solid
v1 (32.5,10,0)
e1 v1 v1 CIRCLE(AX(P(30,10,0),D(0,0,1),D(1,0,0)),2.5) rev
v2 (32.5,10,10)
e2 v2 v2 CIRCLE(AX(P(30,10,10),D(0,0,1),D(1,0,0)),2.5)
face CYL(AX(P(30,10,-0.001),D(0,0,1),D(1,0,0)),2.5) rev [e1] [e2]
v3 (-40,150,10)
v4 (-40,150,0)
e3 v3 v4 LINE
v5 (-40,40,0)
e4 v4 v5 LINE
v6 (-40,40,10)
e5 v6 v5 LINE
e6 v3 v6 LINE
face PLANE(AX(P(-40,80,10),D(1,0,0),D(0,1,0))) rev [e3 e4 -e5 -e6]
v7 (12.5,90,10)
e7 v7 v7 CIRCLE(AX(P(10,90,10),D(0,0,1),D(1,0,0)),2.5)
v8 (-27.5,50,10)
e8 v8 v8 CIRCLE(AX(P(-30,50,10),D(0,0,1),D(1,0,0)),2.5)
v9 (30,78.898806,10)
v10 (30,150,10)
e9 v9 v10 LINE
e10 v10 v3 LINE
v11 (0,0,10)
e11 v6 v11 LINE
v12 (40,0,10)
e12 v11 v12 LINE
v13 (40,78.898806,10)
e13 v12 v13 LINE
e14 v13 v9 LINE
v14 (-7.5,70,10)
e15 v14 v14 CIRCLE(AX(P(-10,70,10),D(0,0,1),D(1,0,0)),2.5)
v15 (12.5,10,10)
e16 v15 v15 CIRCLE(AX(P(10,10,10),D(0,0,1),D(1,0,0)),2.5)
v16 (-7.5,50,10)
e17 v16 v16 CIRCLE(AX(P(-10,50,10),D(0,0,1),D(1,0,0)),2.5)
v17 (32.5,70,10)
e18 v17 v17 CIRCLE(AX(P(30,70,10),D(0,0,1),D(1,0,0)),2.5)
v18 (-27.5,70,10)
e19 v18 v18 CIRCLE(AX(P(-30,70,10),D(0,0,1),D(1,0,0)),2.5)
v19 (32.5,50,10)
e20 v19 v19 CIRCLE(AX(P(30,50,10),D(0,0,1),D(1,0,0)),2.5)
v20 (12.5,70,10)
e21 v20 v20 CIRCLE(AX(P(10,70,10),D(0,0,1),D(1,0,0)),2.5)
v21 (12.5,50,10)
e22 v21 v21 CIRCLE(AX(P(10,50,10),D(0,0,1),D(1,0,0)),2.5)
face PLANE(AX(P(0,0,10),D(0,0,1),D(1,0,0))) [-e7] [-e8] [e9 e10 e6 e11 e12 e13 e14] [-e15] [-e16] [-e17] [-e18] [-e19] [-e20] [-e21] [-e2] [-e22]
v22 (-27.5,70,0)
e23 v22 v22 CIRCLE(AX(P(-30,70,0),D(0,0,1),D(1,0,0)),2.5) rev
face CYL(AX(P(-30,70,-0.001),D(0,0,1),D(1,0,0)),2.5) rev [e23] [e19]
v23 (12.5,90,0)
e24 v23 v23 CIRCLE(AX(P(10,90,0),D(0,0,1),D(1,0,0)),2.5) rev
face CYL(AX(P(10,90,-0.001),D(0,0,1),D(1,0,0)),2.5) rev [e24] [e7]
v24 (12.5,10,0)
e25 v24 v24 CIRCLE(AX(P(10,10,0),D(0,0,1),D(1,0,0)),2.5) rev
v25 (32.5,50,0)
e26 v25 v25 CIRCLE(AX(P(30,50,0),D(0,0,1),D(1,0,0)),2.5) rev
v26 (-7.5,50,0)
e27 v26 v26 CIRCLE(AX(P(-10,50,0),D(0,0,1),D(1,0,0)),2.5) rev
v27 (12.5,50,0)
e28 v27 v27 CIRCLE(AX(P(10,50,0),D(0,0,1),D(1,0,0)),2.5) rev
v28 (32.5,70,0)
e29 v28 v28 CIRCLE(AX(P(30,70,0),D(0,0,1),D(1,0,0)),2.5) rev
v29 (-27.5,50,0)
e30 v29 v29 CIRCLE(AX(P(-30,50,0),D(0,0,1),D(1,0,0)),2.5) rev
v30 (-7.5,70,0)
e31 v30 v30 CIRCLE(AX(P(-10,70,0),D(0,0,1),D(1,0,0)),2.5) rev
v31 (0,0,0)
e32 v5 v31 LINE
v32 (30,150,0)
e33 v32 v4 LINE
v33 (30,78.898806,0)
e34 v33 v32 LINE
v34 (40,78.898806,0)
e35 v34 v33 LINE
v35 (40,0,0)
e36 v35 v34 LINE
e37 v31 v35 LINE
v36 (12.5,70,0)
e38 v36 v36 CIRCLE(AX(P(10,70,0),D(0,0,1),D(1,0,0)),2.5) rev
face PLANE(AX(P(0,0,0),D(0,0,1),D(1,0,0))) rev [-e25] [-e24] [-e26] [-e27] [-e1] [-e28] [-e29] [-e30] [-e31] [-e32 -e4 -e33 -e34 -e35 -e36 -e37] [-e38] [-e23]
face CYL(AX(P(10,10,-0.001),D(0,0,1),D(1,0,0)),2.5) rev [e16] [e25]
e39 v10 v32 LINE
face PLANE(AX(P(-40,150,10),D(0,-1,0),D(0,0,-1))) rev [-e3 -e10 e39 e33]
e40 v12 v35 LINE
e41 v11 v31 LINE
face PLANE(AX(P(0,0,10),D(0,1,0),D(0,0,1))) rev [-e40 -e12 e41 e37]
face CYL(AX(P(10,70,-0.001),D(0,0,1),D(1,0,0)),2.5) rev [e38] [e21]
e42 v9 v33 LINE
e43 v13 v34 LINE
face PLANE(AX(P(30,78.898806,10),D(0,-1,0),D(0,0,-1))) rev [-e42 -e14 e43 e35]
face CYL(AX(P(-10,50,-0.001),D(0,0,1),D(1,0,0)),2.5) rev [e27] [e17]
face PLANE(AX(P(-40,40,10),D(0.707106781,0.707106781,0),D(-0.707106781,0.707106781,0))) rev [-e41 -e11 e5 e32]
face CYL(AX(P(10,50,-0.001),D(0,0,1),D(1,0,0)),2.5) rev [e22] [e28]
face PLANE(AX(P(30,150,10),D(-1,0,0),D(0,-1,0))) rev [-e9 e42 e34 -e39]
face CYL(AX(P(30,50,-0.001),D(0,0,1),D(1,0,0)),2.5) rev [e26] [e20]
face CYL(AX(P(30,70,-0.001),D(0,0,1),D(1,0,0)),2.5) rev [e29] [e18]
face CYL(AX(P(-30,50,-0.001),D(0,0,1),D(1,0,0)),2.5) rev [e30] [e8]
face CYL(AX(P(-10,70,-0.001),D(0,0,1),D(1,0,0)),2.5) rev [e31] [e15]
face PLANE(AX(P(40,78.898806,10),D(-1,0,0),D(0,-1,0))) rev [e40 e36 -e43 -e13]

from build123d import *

# Parameters (mm, degrees)
BOSS_EXTRUDE1_DEPTH = 10
CUT_EXTRUDE1_REACH  = 157.563
SKETCH2_R           = 2.5


with BuildPart() as part:
    # Sketch1 → Boss-Extrude1 (new body)
    with BuildSketch(Plane.XY):
        Polygon((0, 0), (40, 0), (40, 78.89880614), (30, 78.89880614), (30, 150), (-40, 150), (-40, 80), (-40, 40), align=None)
    extrude(amount=BOSS_EXTRUDE1_DEPTH)

    # Sketch2 → Cut-Extrude1 (cut, up to next)
    with BuildSketch(Plane.XY.offset(10), mode=Mode.PRIVATE) as cut_extrude1_sk1:
        with Locations((-30, 70)):
            Circle(SKETCH2_R)
    cut_extrude1_tool1 = extrude(cut_extrude1_sk1.sketch, amount=-CUT_EXTRUDE1_REACH, mode=Mode.PRIVATE) & part.part
    # Sketch2 → Cut-Extrude1 (cut, up to next)
    with BuildSketch(Plane.XY.offset(10), mode=Mode.PRIVATE) as cut_extrude1_sk2:
        with Locations((-10, 70)):
            Circle(SKETCH2_R)
    cut_extrude1_tool2 = extrude(cut_extrude1_sk2.sketch, amount=-CUT_EXTRUDE1_REACH, mode=Mode.PRIVATE) & part.part
    # Sketch2 → Cut-Extrude1 (cut, up to next)
    with BuildSketch(Plane.XY.offset(10), mode=Mode.PRIVATE) as cut_extrude1_sk3:
        with Locations((-30, 50)):
            Circle(SKETCH2_R)
    cut_extrude1_tool3 = extrude(cut_extrude1_sk3.sketch, amount=-CUT_EXTRUDE1_REACH, mode=Mode.PRIVATE) & part.part
    # Sketch2 → Cut-Extrude1 (cut, up to next)
    with BuildSketch(Plane.XY.offset(10), mode=Mode.PRIVATE) as cut_extrude1_sk4:
        with Locations((-10, 50)):
            Circle(SKETCH2_R)
    cut_extrude1_tool4 = extrude(cut_extrude1_sk4.sketch, amount=-CUT_EXTRUDE1_REACH, mode=Mode.PRIVATE) & part.part
    # Sketch2 → Cut-Extrude1 (cut, up to next)
    with BuildSketch(Plane.XY.offset(10), mode=Mode.PRIVATE) as cut_extrude1_sk5:
        with Locations((10, 50)):
            Circle(SKETCH2_R)
    cut_extrude1_tool5 = extrude(cut_extrude1_sk5.sketch, amount=-CUT_EXTRUDE1_REACH, mode=Mode.PRIVATE) & part.part
    # Sketch2 → Cut-Extrude1 (cut, up to next)
    with BuildSketch(Plane.XY.offset(10), mode=Mode.PRIVATE) as cut_extrude1_sk6:
        with Locations((30, 50)):
            Circle(SKETCH2_R)
    cut_extrude1_tool6 = extrude(cut_extrude1_sk6.sketch, amount=-CUT_EXTRUDE1_REACH, mode=Mode.PRIVATE) & part.part
    # Sketch2 → Cut-Extrude1 (cut, up to next)
    with BuildSketch(Plane.XY.offset(10), mode=Mode.PRIVATE) as cut_extrude1_sk7:
        with Locations((10, 10)):
            Circle(SKETCH2_R)
    cut_extrude1_tool7 = extrude(cut_extrude1_sk7.sketch, amount=-CUT_EXTRUDE1_REACH, mode=Mode.PRIVATE) & part.part
    # Sketch2 → Cut-Extrude1 (cut, up to next)
    with BuildSketch(Plane.XY.offset(10), mode=Mode.PRIVATE) as cut_extrude1_sk8:
        with Locations((30, 10)):
            Circle(SKETCH2_R)
    cut_extrude1_tool8 = extrude(cut_extrude1_sk8.sketch, amount=-CUT_EXTRUDE1_REACH, mode=Mode.PRIVATE) & part.part
    # Sketch2 → Cut-Extrude1 (cut, up to next)
    with BuildSketch(Plane.XY.offset(10), mode=Mode.PRIVATE) as cut_extrude1_sk9:
        with Locations((10, 90)):
            Circle(SKETCH2_R)
    cut_extrude1_tool9 = extrude(cut_extrude1_sk9.sketch, amount=-CUT_EXTRUDE1_REACH, mode=Mode.PRIVATE) & part.part
    # Sketch2 → Cut-Extrude1 (cut, up to next)
    with BuildSketch(Plane.XY.offset(10), mode=Mode.PRIVATE) as cut_extrude1_sk10:
        with Locations((10, 70)):
            Circle(SKETCH2_R)
    cut_extrude1_tool10 = extrude(cut_extrude1_sk10.sketch, amount=-CUT_EXTRUDE1_REACH, mode=Mode.PRIVATE) & part.part
    # Sketch2 → Cut-Extrude1 (cut, up to next)
    with BuildSketch(Plane.XY.offset(10), mode=Mode.PRIVATE) as cut_extrude1_sk11:
        with Locations((30, 70)):
            Circle(SKETCH2_R)
    cut_extrude1_tool11 = extrude(cut_extrude1_sk11.sketch, amount=-CUT_EXTRUDE1_REACH, mode=Mode.PRIVATE) & part.part
    add(cut_extrude1_tool1.solids().sort_by_distance((-30, 70, 10))[0], mode=Mode.SUBTRACT)
    add(cut_extrude1_tool2.solids().sort_by_distance((-10, 70, 10))[0], mode=Mode.SUBTRACT)
    add(cut_extrude1_tool3.solids().sort_by_distance((-30, 50, 10))[0], mode=Mode.SUBTRACT)
    add(cut_extrude1_tool4.solids().sort_by_distance((-10, 50, 10))[0], mode=Mode.SUBTRACT)
    add(cut_extrude1_tool5.solids().sort_by_distance((10, 50, 10))[0], mode=Mode.SUBTRACT)
    add(cut_extrude1_tool6.solids().sort_by_distance((30, 50, 10))[0], mode=Mode.SUBTRACT)
    add(cut_extrude1_tool7.solids().sort_by_distance((10, 10, 10))[0], mode=Mode.SUBTRACT)
    add(cut_extrude1_tool8.solids().sort_by_distance((30, 10, 10))[0], mode=Mode.SUBTRACT)
    add(cut_extrude1_tool9.solids().sort_by_distance((10, 90, 10))[0], mode=Mode.SUBTRACT)
    add(cut_extrude1_tool10.solids().sort_by_distance((10, 70, 10))[0], mode=Mode.SUBTRACT)
    add(cut_extrude1_tool11.solids().sort_by_distance((30, 70, 10))[0], mode=Mode.SUBTRACT)


solid = part.part
